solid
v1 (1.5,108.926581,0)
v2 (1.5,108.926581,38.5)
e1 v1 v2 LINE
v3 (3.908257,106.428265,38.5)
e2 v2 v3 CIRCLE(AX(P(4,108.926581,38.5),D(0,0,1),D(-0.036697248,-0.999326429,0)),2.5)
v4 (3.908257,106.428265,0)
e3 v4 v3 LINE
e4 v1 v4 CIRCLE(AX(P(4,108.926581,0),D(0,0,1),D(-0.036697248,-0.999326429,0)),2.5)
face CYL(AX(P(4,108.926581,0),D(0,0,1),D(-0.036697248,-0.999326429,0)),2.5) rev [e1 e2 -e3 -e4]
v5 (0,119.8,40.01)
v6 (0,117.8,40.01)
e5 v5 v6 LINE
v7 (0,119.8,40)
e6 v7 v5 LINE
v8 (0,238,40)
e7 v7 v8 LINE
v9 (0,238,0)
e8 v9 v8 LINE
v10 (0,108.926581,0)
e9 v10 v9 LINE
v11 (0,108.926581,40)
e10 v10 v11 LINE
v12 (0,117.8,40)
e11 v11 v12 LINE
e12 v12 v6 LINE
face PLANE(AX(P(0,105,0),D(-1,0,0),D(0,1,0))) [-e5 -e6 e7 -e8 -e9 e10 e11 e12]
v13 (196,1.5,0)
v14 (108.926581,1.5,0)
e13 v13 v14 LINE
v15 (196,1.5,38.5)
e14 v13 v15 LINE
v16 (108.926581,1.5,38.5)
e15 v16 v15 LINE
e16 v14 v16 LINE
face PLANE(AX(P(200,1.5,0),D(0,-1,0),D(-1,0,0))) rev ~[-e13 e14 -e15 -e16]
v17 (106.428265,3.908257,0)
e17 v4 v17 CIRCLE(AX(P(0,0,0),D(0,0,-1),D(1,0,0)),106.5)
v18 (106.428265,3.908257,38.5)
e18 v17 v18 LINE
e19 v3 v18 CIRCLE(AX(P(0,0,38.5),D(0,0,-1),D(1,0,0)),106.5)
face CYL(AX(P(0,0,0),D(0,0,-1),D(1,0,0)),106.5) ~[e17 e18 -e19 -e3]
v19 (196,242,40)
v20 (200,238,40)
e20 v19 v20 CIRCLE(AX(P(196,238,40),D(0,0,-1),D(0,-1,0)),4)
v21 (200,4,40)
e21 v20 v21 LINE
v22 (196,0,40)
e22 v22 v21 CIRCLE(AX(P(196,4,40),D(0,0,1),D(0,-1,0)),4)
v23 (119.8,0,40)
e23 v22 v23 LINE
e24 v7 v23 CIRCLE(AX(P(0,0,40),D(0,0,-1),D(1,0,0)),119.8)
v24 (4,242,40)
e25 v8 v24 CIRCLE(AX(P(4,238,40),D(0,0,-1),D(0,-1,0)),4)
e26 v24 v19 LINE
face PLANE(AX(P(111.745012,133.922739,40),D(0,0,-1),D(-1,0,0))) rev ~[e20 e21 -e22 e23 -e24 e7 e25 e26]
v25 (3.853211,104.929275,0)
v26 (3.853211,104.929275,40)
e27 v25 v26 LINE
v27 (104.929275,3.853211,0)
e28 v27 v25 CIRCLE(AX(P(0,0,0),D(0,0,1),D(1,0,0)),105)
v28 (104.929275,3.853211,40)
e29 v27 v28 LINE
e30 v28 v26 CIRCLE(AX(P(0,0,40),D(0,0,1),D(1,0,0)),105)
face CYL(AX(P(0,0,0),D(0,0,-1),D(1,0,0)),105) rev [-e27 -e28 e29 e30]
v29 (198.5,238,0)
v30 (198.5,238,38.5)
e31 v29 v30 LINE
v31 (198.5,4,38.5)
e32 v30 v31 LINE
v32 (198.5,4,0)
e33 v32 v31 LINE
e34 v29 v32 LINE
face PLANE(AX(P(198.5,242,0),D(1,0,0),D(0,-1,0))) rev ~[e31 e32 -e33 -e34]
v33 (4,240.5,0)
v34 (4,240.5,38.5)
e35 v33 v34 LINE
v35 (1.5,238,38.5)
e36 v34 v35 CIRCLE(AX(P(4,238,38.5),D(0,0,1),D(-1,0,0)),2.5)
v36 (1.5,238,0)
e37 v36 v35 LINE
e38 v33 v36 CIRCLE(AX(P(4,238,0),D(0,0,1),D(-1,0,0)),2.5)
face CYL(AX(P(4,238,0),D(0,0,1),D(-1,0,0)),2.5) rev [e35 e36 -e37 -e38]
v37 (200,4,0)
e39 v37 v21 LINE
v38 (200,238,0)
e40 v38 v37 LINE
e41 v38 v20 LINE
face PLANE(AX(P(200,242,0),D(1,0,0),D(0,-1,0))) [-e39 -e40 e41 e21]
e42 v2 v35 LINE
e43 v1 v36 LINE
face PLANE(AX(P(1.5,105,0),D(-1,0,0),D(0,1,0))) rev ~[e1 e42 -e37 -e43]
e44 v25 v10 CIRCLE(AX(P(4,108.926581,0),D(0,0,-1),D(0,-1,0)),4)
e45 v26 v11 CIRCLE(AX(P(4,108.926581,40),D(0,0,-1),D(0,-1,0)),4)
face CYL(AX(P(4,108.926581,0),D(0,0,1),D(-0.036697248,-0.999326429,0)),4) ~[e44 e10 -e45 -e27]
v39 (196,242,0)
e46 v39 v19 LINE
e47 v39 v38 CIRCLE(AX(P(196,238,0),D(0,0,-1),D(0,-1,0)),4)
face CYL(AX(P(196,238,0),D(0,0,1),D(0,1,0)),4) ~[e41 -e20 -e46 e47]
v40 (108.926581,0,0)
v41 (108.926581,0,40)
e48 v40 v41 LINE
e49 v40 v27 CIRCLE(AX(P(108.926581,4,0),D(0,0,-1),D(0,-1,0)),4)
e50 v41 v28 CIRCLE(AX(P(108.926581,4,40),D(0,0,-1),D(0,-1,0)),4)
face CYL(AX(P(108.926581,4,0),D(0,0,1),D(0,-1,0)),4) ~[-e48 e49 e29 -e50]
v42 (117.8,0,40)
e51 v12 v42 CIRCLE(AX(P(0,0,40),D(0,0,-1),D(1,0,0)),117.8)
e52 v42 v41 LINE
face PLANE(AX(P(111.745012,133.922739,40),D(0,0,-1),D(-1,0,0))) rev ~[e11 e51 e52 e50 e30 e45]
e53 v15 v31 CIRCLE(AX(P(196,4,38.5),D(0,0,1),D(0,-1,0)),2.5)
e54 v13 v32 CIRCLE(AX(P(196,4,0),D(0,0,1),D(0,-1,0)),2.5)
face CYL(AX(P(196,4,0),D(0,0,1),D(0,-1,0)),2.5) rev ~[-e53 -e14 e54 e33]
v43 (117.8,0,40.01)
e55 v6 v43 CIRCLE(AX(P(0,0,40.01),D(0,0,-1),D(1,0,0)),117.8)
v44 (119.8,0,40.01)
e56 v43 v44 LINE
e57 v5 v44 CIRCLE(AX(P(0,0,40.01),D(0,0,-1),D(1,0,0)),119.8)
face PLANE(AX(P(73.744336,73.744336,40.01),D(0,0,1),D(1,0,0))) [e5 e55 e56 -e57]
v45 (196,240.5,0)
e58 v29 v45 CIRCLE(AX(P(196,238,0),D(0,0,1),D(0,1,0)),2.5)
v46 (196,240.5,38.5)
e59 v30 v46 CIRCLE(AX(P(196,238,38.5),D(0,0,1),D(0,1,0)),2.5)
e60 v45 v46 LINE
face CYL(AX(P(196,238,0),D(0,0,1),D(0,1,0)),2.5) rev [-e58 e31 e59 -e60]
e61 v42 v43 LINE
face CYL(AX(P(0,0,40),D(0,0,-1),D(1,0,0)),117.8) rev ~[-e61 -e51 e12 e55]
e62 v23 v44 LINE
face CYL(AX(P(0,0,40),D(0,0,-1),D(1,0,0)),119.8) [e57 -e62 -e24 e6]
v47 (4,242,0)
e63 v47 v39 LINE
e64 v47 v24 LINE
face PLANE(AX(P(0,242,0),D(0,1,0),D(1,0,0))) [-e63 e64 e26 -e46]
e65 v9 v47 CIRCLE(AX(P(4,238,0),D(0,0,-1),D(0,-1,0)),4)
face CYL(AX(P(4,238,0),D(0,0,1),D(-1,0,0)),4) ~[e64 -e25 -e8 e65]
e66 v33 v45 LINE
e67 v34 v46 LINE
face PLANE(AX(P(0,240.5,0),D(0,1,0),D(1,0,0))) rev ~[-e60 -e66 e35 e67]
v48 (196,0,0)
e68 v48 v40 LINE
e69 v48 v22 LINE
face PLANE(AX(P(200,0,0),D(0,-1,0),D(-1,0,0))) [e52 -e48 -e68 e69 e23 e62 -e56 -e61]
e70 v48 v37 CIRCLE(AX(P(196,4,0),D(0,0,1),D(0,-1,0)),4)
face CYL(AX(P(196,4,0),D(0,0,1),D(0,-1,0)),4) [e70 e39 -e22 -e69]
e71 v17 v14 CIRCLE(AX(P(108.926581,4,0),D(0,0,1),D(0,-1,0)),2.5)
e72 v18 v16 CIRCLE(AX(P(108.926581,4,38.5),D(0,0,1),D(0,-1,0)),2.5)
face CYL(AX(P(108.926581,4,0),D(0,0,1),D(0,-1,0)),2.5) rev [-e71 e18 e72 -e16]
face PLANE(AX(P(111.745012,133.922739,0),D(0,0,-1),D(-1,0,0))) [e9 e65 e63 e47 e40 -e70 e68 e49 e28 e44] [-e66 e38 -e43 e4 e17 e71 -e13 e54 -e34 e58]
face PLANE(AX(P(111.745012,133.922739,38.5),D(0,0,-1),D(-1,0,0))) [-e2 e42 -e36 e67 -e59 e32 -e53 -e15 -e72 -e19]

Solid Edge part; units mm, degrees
sketch "Sketch1" plane through (0, 0, 0) normal (0, 0, 1) x (1, 0, 0)
  line L0 (200, 0) -> (105, 0)
  arc A0 (105, 0) -> (0, 105) centre (0, 0) ccw
  line L1 (0, 105) -> (0, 242)
  line L2 (0, 242) -> (200, 242)
  line L3 (200, 242) -> (200, 0)
extrude "Protrusion1" add sketch "Sketch1" along normal blind 40
fillet "Redondeo_1" radius 4 5 edges at (200, 0, 20) (0, 105, 20) (105, 0, 20) (200, 242, 20) (0, 242, 20)
shell "Espesor_2" thickness 1.5 removed faces 1 at (168.6667, 42.7533, 0)
sketch "Sketch2" plane through (100, 121, 40) normal (0, 0, 1) x (1, 0, 0)
  arc A0 (-100, -3.2) -> (17.8, -121) centre (-100, -121) cw
  line L0 (17.8, -121) -> (19.8, -121)
  arc A1 (-100, -1.2) -> (19.8, -121) centre (-100, -121) cw
  line L1 (-100, -1.2) -> (-100, -3.2)
extrude "ProtrusiónExtruida_2" add sketch "Sketch2" along normal blind 0.01
